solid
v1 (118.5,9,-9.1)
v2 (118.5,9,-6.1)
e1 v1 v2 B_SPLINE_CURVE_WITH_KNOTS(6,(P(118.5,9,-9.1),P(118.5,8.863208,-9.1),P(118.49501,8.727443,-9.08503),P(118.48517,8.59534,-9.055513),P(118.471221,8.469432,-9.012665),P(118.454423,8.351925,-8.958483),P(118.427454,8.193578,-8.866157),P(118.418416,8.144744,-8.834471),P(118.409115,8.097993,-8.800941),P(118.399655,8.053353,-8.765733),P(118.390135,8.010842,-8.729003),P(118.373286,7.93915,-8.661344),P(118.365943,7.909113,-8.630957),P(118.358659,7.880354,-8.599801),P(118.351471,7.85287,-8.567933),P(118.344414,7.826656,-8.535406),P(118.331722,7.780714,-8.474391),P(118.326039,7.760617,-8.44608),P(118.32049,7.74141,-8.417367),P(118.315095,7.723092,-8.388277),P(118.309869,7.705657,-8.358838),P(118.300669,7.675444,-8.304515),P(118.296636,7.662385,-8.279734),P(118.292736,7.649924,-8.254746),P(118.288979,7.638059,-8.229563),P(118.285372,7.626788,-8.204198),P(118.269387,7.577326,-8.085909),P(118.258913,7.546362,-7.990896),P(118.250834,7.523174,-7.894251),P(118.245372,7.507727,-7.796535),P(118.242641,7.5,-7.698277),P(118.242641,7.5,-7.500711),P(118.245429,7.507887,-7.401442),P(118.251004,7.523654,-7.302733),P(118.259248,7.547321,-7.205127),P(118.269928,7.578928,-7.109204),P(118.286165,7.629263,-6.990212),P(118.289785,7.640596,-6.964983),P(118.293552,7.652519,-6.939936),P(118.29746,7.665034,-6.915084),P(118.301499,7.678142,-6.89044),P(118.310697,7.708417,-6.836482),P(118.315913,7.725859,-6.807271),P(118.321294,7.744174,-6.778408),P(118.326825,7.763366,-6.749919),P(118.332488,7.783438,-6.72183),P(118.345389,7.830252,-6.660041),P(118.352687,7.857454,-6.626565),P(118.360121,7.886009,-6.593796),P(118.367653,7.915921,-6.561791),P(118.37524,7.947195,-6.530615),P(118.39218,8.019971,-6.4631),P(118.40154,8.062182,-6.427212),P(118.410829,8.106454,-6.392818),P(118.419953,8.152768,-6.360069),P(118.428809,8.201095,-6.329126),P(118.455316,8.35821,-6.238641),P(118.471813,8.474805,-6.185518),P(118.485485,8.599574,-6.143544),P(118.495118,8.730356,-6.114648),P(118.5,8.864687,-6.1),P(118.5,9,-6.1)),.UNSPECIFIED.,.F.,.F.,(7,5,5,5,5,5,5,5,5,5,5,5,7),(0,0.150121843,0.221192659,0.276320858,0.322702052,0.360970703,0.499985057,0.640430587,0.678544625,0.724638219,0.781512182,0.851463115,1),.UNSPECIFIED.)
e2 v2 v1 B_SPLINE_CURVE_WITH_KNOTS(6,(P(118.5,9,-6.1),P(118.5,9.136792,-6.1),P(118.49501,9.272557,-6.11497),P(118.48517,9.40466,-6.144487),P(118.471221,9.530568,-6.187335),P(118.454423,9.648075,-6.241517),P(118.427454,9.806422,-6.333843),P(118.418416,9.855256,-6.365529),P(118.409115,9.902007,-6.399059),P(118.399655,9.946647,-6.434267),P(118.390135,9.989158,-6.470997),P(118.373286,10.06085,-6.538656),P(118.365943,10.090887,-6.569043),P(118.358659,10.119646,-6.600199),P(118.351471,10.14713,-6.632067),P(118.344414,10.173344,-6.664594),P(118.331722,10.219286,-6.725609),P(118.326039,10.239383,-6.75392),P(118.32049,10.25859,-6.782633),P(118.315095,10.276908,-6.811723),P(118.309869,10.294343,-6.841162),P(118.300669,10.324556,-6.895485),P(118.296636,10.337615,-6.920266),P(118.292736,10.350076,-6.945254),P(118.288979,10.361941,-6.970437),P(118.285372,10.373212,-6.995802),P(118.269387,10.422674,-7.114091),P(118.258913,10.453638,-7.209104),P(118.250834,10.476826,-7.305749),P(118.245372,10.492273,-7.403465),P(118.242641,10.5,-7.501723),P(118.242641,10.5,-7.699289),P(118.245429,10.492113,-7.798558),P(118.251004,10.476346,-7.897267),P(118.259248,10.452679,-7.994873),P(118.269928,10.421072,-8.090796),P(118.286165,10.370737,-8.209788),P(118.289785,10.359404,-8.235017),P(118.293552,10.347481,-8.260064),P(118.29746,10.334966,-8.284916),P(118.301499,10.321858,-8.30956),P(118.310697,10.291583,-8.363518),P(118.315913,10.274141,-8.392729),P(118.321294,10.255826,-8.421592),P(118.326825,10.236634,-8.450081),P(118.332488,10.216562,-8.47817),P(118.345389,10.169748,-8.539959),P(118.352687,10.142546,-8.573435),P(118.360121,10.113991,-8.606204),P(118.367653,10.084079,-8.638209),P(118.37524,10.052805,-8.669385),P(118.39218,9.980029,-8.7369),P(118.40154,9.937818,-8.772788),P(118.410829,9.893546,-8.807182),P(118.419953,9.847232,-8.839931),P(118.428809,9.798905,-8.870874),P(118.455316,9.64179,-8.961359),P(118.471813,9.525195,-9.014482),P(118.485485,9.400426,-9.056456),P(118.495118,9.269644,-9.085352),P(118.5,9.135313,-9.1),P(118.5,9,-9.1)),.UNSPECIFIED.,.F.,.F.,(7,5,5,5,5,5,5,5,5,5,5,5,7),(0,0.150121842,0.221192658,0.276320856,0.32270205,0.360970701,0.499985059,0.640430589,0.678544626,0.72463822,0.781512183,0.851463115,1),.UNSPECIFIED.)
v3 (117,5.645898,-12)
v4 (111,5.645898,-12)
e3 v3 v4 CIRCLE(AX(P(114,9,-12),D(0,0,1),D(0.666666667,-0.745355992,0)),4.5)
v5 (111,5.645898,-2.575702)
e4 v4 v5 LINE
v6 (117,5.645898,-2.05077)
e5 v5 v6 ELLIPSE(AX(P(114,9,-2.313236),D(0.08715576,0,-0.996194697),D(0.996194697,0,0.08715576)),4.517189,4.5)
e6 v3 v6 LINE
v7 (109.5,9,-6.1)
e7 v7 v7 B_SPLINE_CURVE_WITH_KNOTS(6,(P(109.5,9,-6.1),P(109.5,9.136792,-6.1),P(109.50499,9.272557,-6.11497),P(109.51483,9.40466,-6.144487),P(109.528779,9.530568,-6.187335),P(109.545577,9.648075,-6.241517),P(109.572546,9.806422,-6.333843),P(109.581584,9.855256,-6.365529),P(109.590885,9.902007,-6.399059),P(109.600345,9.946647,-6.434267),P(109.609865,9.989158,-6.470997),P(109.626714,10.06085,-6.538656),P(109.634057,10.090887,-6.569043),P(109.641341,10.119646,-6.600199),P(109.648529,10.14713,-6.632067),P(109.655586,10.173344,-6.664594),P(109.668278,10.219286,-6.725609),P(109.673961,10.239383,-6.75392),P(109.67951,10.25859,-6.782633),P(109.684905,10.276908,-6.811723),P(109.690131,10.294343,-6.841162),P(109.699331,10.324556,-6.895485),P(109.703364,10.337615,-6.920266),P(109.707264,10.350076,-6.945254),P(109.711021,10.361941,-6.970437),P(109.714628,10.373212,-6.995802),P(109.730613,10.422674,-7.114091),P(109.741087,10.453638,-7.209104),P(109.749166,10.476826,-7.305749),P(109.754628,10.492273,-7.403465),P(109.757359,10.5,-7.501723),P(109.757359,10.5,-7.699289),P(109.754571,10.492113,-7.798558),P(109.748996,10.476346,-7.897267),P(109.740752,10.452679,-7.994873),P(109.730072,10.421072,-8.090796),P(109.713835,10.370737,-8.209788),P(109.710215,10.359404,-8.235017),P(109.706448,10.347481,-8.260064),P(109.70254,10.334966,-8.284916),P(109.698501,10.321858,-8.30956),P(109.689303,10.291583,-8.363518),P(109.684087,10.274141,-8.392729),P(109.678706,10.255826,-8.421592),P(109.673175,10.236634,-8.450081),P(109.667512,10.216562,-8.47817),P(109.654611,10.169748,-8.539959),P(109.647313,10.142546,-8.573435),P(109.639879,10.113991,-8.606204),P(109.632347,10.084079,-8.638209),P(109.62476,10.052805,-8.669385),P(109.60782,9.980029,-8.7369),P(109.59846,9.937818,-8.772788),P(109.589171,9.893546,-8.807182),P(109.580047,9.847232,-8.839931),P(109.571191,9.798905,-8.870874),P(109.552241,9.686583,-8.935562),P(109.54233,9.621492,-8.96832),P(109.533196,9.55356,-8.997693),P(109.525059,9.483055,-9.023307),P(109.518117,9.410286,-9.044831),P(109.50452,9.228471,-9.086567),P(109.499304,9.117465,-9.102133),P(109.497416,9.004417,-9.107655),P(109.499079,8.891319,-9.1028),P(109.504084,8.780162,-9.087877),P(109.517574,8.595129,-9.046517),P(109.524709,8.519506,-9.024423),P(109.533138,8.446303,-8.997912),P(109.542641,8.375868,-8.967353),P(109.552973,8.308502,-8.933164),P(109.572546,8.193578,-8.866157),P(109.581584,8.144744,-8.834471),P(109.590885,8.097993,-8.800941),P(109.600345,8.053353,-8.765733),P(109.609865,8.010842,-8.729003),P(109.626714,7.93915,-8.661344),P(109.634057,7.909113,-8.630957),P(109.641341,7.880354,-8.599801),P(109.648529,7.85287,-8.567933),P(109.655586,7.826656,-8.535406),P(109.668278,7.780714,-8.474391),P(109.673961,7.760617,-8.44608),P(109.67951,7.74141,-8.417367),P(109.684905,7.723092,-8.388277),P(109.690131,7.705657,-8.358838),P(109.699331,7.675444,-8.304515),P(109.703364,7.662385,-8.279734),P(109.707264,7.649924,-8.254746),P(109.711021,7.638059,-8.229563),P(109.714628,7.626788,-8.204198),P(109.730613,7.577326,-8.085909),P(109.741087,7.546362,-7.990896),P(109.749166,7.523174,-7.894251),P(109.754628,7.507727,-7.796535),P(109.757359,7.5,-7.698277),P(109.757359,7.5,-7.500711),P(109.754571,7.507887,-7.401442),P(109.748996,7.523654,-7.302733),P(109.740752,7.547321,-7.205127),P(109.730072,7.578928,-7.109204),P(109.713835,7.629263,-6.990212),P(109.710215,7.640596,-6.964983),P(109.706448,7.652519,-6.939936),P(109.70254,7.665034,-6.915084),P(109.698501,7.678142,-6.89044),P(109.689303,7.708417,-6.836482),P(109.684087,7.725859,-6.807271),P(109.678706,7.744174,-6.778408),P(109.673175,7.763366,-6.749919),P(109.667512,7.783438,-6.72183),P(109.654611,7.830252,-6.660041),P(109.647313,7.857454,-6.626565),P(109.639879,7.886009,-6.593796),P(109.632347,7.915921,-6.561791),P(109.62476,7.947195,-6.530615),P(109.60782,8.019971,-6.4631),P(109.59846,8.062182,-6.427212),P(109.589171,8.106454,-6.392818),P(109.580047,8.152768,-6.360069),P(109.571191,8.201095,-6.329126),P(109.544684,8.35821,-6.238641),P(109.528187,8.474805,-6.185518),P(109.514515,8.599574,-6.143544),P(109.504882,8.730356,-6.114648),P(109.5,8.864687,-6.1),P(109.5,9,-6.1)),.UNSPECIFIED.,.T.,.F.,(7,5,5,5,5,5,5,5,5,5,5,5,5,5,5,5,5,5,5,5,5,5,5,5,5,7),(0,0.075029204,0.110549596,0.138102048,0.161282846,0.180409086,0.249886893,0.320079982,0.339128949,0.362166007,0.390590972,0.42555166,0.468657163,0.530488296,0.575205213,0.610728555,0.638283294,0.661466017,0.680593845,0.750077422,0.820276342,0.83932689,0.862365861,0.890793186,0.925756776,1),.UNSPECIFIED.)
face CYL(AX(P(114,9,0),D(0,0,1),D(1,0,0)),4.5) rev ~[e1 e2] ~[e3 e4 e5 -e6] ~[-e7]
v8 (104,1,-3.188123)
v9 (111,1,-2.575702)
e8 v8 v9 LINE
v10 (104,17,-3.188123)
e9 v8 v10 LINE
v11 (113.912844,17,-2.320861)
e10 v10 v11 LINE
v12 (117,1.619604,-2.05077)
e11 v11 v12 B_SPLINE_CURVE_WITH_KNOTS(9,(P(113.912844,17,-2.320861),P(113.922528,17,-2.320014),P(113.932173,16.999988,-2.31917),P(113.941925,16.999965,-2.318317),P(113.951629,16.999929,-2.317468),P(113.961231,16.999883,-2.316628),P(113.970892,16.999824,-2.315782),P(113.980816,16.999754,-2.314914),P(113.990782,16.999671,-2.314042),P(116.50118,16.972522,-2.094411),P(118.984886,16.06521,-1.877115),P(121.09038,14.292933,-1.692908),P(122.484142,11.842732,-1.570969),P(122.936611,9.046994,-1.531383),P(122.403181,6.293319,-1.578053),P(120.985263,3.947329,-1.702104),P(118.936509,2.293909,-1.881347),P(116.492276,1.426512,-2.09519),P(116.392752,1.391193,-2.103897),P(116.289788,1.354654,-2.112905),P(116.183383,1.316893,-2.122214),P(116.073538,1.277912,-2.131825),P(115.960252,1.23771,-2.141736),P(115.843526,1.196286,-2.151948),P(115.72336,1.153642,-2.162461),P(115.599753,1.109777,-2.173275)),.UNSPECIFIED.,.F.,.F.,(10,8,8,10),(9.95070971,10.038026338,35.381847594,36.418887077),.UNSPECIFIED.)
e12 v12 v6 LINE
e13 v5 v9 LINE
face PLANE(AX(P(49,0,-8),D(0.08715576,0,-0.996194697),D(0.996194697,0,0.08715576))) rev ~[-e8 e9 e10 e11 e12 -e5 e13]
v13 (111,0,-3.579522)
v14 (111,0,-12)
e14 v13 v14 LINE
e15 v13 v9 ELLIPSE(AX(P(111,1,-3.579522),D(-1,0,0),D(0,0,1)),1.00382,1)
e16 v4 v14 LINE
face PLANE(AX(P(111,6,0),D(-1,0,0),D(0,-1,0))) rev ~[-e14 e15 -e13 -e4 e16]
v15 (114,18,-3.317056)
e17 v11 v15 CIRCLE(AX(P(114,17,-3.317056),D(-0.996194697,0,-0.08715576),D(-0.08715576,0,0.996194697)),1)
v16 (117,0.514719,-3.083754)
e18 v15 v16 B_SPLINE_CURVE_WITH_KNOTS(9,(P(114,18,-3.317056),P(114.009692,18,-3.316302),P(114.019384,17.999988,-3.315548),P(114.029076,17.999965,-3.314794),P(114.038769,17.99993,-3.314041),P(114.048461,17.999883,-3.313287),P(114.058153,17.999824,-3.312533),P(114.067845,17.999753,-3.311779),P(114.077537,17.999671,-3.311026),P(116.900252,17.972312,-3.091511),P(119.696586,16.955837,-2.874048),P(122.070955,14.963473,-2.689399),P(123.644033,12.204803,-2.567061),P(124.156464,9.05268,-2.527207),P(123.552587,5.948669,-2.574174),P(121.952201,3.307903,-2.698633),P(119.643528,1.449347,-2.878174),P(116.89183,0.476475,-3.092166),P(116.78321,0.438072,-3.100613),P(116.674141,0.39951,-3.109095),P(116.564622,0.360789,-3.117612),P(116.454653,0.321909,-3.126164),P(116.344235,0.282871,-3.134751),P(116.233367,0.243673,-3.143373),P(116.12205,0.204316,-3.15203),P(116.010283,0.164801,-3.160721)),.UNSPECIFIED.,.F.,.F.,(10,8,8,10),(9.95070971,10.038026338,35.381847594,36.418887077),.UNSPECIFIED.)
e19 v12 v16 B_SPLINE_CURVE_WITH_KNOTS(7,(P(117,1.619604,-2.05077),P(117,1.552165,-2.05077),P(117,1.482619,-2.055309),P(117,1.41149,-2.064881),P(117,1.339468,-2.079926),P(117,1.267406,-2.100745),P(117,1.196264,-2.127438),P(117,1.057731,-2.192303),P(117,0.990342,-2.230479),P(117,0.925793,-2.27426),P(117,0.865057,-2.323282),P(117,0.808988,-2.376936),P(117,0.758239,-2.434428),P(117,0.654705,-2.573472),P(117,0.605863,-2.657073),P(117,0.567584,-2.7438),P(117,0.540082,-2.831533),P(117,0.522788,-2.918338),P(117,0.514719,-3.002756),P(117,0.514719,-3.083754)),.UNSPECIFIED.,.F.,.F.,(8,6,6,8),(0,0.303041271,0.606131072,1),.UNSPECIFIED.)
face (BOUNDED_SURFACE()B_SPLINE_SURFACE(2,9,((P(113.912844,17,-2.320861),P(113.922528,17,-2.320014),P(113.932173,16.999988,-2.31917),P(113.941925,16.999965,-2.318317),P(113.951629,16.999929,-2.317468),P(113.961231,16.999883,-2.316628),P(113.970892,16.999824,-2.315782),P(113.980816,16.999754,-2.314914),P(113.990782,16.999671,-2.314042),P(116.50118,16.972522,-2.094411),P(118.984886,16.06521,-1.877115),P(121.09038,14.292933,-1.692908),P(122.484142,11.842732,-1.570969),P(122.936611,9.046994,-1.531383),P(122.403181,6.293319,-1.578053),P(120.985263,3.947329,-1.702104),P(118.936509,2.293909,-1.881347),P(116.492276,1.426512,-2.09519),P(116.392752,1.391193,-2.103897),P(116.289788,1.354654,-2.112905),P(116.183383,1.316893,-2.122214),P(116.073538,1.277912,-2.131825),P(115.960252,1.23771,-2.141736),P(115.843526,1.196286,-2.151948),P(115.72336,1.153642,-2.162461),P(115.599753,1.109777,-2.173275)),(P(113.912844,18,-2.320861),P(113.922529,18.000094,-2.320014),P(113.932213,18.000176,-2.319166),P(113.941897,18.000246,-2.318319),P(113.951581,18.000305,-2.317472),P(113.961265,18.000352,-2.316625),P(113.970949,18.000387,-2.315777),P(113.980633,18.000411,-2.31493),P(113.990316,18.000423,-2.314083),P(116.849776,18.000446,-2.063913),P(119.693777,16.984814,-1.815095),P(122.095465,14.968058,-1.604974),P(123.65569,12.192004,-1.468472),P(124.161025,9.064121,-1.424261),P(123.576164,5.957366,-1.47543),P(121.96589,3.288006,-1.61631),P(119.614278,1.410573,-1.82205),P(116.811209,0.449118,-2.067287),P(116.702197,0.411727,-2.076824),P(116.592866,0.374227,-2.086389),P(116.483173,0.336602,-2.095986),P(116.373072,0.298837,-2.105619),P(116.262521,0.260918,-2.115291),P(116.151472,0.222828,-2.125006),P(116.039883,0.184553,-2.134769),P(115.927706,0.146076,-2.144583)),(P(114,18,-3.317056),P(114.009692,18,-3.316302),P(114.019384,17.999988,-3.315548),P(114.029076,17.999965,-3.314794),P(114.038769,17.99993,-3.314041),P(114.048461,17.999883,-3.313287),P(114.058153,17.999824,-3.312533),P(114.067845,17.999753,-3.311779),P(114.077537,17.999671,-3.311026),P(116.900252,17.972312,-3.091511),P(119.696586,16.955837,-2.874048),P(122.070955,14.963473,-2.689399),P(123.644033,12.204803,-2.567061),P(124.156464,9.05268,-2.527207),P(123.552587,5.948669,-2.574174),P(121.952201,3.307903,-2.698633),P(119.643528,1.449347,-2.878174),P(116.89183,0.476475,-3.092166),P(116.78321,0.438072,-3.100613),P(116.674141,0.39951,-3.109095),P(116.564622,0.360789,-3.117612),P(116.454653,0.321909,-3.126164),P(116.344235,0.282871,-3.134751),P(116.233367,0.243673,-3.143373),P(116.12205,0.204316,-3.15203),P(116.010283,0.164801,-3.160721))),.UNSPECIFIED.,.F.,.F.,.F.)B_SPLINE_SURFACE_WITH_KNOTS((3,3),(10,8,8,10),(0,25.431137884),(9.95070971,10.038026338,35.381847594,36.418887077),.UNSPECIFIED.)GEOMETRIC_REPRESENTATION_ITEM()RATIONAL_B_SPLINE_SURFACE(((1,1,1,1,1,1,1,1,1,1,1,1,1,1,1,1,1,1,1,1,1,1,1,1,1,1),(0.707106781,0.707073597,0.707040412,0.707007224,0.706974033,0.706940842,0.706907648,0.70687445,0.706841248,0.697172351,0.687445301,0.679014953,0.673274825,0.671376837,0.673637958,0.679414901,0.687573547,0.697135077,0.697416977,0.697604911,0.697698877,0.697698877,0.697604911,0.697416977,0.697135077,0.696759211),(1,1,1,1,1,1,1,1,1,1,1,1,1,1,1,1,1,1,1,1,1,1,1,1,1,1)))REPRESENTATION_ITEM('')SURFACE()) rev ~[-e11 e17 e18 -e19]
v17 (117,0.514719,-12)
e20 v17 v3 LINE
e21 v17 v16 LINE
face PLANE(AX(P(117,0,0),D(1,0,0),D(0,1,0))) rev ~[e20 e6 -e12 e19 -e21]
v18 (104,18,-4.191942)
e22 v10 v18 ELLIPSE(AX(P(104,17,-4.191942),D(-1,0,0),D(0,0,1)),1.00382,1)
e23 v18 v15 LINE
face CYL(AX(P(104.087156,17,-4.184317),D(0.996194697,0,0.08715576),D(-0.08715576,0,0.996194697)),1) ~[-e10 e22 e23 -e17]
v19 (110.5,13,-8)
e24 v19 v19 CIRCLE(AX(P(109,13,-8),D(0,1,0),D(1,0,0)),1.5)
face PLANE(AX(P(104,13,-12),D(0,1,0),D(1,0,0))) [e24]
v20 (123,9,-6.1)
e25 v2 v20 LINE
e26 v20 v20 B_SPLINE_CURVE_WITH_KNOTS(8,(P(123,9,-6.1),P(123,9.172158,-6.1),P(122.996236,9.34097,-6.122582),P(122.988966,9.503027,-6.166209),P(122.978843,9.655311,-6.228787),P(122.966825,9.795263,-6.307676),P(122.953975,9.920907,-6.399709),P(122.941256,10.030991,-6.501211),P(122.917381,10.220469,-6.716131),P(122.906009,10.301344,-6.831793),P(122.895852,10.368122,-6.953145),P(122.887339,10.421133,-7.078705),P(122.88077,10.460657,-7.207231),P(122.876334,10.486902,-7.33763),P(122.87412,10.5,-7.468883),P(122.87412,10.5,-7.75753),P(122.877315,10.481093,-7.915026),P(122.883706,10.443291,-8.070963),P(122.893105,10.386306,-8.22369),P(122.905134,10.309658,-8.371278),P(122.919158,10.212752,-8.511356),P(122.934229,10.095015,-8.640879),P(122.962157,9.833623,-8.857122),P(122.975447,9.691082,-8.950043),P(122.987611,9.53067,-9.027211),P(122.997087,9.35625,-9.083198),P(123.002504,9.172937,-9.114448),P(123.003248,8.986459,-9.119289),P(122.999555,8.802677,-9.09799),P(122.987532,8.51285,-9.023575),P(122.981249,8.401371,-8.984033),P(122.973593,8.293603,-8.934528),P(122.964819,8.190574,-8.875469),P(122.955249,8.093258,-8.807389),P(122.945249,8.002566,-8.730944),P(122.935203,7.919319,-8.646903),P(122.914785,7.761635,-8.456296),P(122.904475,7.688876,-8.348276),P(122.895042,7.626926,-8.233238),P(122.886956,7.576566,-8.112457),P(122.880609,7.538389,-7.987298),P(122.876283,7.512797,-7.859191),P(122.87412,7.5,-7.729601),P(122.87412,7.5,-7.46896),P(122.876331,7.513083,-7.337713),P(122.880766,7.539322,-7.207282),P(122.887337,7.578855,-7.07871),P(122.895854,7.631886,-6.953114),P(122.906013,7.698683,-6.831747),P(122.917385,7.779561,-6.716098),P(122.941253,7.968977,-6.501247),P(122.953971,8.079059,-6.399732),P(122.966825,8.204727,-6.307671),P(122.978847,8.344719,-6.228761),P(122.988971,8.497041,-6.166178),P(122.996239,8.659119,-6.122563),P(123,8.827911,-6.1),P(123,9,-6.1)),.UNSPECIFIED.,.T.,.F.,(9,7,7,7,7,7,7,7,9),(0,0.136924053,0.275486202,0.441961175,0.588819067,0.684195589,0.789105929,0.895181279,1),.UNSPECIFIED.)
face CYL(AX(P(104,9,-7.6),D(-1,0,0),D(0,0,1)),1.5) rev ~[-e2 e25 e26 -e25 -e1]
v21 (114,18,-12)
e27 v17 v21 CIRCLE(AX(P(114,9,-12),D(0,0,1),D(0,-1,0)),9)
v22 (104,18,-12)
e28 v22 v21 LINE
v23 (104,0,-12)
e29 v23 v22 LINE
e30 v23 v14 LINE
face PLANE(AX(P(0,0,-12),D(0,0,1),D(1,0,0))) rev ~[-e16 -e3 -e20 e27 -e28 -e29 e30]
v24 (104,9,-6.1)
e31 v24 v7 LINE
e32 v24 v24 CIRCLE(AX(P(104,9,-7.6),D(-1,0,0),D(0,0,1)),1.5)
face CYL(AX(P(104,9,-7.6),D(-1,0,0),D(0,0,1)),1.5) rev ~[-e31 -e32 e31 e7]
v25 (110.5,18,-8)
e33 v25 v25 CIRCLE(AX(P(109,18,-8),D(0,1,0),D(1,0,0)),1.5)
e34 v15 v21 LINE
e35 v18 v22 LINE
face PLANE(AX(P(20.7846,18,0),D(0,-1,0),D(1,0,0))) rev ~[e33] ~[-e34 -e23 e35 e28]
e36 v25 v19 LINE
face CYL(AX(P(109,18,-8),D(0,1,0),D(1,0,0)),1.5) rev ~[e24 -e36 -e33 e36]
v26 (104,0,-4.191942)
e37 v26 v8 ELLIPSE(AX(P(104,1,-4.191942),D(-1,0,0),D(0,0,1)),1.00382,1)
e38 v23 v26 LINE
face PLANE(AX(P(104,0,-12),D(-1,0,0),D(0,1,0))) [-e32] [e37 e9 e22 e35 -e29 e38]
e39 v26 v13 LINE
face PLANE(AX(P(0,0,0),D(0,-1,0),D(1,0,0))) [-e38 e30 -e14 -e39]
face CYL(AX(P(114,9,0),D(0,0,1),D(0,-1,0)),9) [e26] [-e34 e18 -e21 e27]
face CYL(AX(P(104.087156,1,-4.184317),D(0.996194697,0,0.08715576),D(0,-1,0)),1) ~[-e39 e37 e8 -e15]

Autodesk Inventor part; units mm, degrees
ref_plane "YZ Plane" through (0, 0, 0) normal (1, 0, 0) x (0, 1, 0)
ref_plane "XZ Plane" through (0, 0, 0) normal (0, 1, 0) x (-1, 0, 0)
ref_plane "XY Plane" through (0, 0, 0) normal (0, 0, 1) x (1, 0, 0)
sketch "Sketch1" plane through (0, 0, 0) normal (0, 0, 1) x (1, 0, 0)
  line L0 (0, 0) -> (114, 0)
  arc A0 (114, 0) -> (114, 18) centre (114, 9) ccw
  arc A1 (0, 21) -> (0, 0) centre (0, 10.5) ccw
  line L1 (0, 21) -> (20.7846, 18)
  line L2 (20.7846, 18) -> (114, 18)
  circle A2 centre (114, 9) radius 4.5
  dimension "d0" = 114
  dimension "d1" = 18
  dimension "d2" = 9
  dimension "d3" = 21
  dimension "d4" = 10.5
  dimension "d5" = 21
  dimension "d6" = 9
extrude "Extrusion1" add sketch "Sketch1" against normal blind 12
sketch "Sketch2" plane through (0, 0, 0) normal (0, 0, 1) x (1, 0, 0)
  line L0 (111, 0) -> (117, 0)
  line L1 (117, 0) -> (117, 6)
  line L2 (117, 6) -> (111, 6)
  line L3 (111, 6) -> (111, 0)
  point P0 (0, 0)
  dimension "d9" = 6
  dimension "d10" = 6
extrude "Extrusion2" cut sketch "Sketch2" against normal through all
sketch "Sketch3" plane through (0, 0, -12) normal (0, -1, 0) x (1, 0, 0)
  line L0 (-10.5, 12) -> (-10.5, 4)
  line L1 (-10.5, 12) -> (-10.5, 0) projected
  line L2 (-10.5, 4) -> (49, 4)
  line L3 (49, 4) -> (140.4404, 12)
  line L4 (140.4404, 12) -> (-10.5, 12)
  point P0 (0, 12)
  dimension "d13" = 8
  dimension "d14" = 59.5
  dimension "d15" = 175
extrude "Extrusion3" cut sketch "Sketch3" against normal through all
sketch "Sketch4" plane through (0, 0, -12) normal (0, 0, -1) x (-1, 0, 0)
  line L0 (10.5, 0) -> (-104, 0)
  line L1 (-104, 0) -> (-104, 21)
  line L2 (-104, 21) -> (10.5, 21)
  line L3 (10.5, 21) -> (10.5, 0)
  point P0 (0, 0)
  dimension "d18" = 114.5
  dimension "d19" = 21
extrude "Extrusion4" cut sketch "Sketch4" against normal through all
sketch "Sketch5" plane through (104, 0, -12) normal (-1, 0, 0) x (0, 0, 1)
  circle A0 centre (4.4, 9) radius 1.5
  point P0 (12, 0)
  dimension "d29" = 3
extrude "Extrusion5" cut sketch "Sketch5" against normal through all
fillet "Fillet1" radius 1 3 edges at (109, 18, -2.7507) (122.8704, 10.5219, -1.5372) (107.5, 0, -2.8819)
sketch "Sketch6" plane through (104, 18, -12) normal (0, 1, 0) x (1, 0, 0)
  circle A0 centre (5, -4) radius 1.5
  point P0 (-104, -12)
  dimension "d26" = 3
extrude "Extrusion6" cut sketch "Sketch6" against normal blind 5
properties part number "Hand - Digit 4"
